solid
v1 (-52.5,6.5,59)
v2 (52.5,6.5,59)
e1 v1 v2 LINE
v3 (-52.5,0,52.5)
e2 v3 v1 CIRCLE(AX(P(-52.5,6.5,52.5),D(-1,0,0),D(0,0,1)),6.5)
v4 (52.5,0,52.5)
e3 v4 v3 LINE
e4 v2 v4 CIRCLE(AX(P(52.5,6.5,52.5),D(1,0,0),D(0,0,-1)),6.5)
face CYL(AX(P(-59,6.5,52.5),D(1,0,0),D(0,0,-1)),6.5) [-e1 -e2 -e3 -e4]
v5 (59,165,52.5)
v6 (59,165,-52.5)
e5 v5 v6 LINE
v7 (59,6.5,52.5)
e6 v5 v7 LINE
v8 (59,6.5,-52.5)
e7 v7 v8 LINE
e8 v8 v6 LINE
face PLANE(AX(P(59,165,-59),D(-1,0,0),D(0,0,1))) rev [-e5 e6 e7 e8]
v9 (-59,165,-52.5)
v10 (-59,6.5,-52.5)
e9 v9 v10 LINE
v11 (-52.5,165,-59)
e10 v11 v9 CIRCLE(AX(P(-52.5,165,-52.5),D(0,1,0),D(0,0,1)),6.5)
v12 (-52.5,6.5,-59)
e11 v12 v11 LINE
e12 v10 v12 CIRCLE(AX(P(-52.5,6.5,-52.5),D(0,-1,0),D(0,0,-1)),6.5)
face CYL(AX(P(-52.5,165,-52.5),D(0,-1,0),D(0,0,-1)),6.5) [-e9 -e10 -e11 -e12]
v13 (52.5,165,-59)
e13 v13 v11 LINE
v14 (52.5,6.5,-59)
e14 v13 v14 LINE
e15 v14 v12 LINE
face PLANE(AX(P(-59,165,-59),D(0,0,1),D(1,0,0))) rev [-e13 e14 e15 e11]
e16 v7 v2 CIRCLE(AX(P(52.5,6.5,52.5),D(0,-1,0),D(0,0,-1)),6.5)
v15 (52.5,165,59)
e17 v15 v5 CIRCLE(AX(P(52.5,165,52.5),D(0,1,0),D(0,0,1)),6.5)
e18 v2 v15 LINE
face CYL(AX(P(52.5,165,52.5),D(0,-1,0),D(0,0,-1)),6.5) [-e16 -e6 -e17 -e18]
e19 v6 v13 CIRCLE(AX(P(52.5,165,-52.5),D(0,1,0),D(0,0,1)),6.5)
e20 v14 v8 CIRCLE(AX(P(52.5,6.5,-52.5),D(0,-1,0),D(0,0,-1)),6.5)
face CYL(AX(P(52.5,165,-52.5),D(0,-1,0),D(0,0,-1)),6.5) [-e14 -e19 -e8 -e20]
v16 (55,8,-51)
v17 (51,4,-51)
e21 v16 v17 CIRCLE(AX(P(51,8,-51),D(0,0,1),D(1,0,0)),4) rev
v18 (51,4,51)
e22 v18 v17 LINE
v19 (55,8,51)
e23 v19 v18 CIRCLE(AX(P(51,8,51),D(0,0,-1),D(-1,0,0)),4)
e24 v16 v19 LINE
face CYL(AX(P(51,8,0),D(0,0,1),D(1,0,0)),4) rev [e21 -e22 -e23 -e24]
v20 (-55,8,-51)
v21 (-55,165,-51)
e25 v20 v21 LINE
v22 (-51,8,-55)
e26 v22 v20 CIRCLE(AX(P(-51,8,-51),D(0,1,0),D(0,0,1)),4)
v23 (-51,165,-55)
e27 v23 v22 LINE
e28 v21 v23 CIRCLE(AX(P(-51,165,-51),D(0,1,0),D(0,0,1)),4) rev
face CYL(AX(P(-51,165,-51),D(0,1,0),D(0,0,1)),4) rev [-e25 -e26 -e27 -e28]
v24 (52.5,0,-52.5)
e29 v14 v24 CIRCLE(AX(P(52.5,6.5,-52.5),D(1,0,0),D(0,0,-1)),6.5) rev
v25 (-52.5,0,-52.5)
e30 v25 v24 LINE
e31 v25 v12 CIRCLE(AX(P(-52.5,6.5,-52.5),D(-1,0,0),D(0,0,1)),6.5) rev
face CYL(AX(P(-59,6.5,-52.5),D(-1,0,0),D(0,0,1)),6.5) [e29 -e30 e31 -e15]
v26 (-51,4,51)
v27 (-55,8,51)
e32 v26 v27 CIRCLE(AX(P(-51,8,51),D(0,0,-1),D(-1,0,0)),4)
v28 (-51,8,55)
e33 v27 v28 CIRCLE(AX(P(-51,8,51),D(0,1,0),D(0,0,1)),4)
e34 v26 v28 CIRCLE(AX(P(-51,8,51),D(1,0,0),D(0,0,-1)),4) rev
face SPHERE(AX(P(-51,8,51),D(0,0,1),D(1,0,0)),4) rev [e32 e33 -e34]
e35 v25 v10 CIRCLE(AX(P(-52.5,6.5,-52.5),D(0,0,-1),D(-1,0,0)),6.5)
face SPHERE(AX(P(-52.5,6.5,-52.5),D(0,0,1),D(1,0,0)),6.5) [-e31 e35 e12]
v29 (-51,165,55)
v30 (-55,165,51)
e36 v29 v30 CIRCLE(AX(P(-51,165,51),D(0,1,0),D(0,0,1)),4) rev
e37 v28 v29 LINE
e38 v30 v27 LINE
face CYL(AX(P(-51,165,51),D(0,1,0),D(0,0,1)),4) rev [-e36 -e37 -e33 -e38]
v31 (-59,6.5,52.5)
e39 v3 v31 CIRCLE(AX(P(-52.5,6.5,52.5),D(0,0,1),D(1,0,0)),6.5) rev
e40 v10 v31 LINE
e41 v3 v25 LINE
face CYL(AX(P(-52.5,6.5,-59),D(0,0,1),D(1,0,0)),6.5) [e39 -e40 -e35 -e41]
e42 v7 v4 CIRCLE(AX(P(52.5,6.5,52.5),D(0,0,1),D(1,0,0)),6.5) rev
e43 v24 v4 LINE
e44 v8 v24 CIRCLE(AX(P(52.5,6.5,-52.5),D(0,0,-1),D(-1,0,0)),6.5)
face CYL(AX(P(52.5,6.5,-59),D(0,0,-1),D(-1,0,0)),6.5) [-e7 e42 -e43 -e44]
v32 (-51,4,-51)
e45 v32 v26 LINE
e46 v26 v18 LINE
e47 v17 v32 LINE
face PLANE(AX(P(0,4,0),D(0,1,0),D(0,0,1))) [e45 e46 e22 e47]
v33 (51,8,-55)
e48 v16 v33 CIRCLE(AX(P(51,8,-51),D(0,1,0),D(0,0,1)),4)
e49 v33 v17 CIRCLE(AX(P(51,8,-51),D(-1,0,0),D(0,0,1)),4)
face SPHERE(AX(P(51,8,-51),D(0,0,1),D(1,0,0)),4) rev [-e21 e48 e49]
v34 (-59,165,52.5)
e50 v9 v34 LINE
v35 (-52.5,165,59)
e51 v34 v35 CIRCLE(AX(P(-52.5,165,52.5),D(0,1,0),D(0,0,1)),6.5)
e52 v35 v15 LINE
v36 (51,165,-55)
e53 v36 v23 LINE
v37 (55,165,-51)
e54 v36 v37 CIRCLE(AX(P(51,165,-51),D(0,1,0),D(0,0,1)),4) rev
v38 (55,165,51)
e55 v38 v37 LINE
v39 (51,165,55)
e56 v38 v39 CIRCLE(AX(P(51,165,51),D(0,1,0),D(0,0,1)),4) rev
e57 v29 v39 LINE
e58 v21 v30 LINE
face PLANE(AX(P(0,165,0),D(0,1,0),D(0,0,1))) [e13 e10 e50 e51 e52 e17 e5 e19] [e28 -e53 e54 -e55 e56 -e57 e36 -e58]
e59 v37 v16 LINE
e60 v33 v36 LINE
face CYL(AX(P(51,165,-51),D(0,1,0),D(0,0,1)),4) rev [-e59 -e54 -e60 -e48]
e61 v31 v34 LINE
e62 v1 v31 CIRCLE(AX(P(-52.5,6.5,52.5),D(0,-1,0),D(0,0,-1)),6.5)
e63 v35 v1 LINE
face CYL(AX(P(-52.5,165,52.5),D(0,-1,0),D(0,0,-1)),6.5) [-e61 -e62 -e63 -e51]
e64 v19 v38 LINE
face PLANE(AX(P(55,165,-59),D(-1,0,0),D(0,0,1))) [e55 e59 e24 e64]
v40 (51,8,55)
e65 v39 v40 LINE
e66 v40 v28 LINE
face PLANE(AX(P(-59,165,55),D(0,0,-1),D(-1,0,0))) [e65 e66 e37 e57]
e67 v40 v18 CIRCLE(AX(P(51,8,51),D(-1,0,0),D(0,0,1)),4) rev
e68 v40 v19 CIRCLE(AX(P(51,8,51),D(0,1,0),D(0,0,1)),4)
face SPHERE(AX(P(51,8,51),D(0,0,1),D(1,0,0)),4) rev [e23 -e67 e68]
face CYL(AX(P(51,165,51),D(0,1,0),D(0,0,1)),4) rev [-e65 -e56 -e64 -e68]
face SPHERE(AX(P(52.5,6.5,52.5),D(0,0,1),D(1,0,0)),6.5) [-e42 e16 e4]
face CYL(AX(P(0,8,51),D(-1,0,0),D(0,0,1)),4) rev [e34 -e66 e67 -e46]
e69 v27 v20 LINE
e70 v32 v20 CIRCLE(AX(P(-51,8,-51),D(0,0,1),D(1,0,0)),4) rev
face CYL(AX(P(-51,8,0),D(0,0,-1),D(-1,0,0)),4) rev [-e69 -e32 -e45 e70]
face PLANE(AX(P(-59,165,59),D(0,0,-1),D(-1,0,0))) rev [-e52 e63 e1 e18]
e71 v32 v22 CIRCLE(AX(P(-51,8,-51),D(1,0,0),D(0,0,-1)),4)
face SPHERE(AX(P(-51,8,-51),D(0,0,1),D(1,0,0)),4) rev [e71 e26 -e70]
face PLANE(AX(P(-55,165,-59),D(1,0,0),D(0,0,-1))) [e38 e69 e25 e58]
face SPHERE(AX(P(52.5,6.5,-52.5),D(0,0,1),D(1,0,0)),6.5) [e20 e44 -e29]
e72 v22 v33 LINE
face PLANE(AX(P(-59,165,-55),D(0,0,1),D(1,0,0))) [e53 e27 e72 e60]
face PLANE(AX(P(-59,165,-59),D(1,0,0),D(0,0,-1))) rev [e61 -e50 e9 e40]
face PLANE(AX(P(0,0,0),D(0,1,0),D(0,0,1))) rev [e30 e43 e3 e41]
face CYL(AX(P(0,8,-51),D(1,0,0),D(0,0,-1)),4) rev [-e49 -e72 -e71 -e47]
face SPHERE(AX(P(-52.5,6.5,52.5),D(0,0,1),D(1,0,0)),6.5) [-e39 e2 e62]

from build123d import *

# Parameters (mm, degrees)
SKETCH1_W           = 118
SKETCH1_H           = 118
BOSS_EXTRUDE1_DEPTH = 165
SHELL1_T            = -4
FILLET1_R           = 4
FILLET2_R           = 6.5


with BuildPart() as part:
    # Sketch1 → Boss-Extrude1 (new body)
    with BuildSketch(Plane(origin=(0, 0, 0), x_dir=(1, 0, 0), z_dir=(0, 1, 0))):
        Rectangle(SKETCH1_W, SKETCH1_H)
    extrude(amount=BOSS_EXTRUDE1_DEPTH)

    # Shell1
    shell1_openings = [part.faces().sort_by_distance(p)[0] for p in [
        (0, 165, 0),
    ]]
    offset(amount=SHELL1_T, openings=shell1_openings, kind=Kind.INTERSECTION)

    # Fillet1
    fillet1_edges = [part.edges().sort_by_distance(p)[0] for p in [
        (55, 4, 0),
        (55, 84.5, 55),
        (0, 4, -55),
        (55, 84.5, -55),
        (-55, 4, 0),
        (-55, 84.5, -55),
        (0, 4, 55),
        (-55, 84.5, 55),
    ]]
    fillet(fillet1_edges, radius=FILLET1_R)

    # Fillet2
    fillet2_edges = [part.edges().sort_by_distance(p)[0] for p in [
        (0, 0, 59),
        (-59, 0, 0),
        (0, 0, -59),
        (59, 0, 0),
        (59, 82.5, 59),
        (-59, 82.5, 59),
        (-59, 82.5, -59),
        (59, 82.5, -59),
    ]]
    fillet(fillet2_edges, radius=FILLET2_R)


solid = part.part
